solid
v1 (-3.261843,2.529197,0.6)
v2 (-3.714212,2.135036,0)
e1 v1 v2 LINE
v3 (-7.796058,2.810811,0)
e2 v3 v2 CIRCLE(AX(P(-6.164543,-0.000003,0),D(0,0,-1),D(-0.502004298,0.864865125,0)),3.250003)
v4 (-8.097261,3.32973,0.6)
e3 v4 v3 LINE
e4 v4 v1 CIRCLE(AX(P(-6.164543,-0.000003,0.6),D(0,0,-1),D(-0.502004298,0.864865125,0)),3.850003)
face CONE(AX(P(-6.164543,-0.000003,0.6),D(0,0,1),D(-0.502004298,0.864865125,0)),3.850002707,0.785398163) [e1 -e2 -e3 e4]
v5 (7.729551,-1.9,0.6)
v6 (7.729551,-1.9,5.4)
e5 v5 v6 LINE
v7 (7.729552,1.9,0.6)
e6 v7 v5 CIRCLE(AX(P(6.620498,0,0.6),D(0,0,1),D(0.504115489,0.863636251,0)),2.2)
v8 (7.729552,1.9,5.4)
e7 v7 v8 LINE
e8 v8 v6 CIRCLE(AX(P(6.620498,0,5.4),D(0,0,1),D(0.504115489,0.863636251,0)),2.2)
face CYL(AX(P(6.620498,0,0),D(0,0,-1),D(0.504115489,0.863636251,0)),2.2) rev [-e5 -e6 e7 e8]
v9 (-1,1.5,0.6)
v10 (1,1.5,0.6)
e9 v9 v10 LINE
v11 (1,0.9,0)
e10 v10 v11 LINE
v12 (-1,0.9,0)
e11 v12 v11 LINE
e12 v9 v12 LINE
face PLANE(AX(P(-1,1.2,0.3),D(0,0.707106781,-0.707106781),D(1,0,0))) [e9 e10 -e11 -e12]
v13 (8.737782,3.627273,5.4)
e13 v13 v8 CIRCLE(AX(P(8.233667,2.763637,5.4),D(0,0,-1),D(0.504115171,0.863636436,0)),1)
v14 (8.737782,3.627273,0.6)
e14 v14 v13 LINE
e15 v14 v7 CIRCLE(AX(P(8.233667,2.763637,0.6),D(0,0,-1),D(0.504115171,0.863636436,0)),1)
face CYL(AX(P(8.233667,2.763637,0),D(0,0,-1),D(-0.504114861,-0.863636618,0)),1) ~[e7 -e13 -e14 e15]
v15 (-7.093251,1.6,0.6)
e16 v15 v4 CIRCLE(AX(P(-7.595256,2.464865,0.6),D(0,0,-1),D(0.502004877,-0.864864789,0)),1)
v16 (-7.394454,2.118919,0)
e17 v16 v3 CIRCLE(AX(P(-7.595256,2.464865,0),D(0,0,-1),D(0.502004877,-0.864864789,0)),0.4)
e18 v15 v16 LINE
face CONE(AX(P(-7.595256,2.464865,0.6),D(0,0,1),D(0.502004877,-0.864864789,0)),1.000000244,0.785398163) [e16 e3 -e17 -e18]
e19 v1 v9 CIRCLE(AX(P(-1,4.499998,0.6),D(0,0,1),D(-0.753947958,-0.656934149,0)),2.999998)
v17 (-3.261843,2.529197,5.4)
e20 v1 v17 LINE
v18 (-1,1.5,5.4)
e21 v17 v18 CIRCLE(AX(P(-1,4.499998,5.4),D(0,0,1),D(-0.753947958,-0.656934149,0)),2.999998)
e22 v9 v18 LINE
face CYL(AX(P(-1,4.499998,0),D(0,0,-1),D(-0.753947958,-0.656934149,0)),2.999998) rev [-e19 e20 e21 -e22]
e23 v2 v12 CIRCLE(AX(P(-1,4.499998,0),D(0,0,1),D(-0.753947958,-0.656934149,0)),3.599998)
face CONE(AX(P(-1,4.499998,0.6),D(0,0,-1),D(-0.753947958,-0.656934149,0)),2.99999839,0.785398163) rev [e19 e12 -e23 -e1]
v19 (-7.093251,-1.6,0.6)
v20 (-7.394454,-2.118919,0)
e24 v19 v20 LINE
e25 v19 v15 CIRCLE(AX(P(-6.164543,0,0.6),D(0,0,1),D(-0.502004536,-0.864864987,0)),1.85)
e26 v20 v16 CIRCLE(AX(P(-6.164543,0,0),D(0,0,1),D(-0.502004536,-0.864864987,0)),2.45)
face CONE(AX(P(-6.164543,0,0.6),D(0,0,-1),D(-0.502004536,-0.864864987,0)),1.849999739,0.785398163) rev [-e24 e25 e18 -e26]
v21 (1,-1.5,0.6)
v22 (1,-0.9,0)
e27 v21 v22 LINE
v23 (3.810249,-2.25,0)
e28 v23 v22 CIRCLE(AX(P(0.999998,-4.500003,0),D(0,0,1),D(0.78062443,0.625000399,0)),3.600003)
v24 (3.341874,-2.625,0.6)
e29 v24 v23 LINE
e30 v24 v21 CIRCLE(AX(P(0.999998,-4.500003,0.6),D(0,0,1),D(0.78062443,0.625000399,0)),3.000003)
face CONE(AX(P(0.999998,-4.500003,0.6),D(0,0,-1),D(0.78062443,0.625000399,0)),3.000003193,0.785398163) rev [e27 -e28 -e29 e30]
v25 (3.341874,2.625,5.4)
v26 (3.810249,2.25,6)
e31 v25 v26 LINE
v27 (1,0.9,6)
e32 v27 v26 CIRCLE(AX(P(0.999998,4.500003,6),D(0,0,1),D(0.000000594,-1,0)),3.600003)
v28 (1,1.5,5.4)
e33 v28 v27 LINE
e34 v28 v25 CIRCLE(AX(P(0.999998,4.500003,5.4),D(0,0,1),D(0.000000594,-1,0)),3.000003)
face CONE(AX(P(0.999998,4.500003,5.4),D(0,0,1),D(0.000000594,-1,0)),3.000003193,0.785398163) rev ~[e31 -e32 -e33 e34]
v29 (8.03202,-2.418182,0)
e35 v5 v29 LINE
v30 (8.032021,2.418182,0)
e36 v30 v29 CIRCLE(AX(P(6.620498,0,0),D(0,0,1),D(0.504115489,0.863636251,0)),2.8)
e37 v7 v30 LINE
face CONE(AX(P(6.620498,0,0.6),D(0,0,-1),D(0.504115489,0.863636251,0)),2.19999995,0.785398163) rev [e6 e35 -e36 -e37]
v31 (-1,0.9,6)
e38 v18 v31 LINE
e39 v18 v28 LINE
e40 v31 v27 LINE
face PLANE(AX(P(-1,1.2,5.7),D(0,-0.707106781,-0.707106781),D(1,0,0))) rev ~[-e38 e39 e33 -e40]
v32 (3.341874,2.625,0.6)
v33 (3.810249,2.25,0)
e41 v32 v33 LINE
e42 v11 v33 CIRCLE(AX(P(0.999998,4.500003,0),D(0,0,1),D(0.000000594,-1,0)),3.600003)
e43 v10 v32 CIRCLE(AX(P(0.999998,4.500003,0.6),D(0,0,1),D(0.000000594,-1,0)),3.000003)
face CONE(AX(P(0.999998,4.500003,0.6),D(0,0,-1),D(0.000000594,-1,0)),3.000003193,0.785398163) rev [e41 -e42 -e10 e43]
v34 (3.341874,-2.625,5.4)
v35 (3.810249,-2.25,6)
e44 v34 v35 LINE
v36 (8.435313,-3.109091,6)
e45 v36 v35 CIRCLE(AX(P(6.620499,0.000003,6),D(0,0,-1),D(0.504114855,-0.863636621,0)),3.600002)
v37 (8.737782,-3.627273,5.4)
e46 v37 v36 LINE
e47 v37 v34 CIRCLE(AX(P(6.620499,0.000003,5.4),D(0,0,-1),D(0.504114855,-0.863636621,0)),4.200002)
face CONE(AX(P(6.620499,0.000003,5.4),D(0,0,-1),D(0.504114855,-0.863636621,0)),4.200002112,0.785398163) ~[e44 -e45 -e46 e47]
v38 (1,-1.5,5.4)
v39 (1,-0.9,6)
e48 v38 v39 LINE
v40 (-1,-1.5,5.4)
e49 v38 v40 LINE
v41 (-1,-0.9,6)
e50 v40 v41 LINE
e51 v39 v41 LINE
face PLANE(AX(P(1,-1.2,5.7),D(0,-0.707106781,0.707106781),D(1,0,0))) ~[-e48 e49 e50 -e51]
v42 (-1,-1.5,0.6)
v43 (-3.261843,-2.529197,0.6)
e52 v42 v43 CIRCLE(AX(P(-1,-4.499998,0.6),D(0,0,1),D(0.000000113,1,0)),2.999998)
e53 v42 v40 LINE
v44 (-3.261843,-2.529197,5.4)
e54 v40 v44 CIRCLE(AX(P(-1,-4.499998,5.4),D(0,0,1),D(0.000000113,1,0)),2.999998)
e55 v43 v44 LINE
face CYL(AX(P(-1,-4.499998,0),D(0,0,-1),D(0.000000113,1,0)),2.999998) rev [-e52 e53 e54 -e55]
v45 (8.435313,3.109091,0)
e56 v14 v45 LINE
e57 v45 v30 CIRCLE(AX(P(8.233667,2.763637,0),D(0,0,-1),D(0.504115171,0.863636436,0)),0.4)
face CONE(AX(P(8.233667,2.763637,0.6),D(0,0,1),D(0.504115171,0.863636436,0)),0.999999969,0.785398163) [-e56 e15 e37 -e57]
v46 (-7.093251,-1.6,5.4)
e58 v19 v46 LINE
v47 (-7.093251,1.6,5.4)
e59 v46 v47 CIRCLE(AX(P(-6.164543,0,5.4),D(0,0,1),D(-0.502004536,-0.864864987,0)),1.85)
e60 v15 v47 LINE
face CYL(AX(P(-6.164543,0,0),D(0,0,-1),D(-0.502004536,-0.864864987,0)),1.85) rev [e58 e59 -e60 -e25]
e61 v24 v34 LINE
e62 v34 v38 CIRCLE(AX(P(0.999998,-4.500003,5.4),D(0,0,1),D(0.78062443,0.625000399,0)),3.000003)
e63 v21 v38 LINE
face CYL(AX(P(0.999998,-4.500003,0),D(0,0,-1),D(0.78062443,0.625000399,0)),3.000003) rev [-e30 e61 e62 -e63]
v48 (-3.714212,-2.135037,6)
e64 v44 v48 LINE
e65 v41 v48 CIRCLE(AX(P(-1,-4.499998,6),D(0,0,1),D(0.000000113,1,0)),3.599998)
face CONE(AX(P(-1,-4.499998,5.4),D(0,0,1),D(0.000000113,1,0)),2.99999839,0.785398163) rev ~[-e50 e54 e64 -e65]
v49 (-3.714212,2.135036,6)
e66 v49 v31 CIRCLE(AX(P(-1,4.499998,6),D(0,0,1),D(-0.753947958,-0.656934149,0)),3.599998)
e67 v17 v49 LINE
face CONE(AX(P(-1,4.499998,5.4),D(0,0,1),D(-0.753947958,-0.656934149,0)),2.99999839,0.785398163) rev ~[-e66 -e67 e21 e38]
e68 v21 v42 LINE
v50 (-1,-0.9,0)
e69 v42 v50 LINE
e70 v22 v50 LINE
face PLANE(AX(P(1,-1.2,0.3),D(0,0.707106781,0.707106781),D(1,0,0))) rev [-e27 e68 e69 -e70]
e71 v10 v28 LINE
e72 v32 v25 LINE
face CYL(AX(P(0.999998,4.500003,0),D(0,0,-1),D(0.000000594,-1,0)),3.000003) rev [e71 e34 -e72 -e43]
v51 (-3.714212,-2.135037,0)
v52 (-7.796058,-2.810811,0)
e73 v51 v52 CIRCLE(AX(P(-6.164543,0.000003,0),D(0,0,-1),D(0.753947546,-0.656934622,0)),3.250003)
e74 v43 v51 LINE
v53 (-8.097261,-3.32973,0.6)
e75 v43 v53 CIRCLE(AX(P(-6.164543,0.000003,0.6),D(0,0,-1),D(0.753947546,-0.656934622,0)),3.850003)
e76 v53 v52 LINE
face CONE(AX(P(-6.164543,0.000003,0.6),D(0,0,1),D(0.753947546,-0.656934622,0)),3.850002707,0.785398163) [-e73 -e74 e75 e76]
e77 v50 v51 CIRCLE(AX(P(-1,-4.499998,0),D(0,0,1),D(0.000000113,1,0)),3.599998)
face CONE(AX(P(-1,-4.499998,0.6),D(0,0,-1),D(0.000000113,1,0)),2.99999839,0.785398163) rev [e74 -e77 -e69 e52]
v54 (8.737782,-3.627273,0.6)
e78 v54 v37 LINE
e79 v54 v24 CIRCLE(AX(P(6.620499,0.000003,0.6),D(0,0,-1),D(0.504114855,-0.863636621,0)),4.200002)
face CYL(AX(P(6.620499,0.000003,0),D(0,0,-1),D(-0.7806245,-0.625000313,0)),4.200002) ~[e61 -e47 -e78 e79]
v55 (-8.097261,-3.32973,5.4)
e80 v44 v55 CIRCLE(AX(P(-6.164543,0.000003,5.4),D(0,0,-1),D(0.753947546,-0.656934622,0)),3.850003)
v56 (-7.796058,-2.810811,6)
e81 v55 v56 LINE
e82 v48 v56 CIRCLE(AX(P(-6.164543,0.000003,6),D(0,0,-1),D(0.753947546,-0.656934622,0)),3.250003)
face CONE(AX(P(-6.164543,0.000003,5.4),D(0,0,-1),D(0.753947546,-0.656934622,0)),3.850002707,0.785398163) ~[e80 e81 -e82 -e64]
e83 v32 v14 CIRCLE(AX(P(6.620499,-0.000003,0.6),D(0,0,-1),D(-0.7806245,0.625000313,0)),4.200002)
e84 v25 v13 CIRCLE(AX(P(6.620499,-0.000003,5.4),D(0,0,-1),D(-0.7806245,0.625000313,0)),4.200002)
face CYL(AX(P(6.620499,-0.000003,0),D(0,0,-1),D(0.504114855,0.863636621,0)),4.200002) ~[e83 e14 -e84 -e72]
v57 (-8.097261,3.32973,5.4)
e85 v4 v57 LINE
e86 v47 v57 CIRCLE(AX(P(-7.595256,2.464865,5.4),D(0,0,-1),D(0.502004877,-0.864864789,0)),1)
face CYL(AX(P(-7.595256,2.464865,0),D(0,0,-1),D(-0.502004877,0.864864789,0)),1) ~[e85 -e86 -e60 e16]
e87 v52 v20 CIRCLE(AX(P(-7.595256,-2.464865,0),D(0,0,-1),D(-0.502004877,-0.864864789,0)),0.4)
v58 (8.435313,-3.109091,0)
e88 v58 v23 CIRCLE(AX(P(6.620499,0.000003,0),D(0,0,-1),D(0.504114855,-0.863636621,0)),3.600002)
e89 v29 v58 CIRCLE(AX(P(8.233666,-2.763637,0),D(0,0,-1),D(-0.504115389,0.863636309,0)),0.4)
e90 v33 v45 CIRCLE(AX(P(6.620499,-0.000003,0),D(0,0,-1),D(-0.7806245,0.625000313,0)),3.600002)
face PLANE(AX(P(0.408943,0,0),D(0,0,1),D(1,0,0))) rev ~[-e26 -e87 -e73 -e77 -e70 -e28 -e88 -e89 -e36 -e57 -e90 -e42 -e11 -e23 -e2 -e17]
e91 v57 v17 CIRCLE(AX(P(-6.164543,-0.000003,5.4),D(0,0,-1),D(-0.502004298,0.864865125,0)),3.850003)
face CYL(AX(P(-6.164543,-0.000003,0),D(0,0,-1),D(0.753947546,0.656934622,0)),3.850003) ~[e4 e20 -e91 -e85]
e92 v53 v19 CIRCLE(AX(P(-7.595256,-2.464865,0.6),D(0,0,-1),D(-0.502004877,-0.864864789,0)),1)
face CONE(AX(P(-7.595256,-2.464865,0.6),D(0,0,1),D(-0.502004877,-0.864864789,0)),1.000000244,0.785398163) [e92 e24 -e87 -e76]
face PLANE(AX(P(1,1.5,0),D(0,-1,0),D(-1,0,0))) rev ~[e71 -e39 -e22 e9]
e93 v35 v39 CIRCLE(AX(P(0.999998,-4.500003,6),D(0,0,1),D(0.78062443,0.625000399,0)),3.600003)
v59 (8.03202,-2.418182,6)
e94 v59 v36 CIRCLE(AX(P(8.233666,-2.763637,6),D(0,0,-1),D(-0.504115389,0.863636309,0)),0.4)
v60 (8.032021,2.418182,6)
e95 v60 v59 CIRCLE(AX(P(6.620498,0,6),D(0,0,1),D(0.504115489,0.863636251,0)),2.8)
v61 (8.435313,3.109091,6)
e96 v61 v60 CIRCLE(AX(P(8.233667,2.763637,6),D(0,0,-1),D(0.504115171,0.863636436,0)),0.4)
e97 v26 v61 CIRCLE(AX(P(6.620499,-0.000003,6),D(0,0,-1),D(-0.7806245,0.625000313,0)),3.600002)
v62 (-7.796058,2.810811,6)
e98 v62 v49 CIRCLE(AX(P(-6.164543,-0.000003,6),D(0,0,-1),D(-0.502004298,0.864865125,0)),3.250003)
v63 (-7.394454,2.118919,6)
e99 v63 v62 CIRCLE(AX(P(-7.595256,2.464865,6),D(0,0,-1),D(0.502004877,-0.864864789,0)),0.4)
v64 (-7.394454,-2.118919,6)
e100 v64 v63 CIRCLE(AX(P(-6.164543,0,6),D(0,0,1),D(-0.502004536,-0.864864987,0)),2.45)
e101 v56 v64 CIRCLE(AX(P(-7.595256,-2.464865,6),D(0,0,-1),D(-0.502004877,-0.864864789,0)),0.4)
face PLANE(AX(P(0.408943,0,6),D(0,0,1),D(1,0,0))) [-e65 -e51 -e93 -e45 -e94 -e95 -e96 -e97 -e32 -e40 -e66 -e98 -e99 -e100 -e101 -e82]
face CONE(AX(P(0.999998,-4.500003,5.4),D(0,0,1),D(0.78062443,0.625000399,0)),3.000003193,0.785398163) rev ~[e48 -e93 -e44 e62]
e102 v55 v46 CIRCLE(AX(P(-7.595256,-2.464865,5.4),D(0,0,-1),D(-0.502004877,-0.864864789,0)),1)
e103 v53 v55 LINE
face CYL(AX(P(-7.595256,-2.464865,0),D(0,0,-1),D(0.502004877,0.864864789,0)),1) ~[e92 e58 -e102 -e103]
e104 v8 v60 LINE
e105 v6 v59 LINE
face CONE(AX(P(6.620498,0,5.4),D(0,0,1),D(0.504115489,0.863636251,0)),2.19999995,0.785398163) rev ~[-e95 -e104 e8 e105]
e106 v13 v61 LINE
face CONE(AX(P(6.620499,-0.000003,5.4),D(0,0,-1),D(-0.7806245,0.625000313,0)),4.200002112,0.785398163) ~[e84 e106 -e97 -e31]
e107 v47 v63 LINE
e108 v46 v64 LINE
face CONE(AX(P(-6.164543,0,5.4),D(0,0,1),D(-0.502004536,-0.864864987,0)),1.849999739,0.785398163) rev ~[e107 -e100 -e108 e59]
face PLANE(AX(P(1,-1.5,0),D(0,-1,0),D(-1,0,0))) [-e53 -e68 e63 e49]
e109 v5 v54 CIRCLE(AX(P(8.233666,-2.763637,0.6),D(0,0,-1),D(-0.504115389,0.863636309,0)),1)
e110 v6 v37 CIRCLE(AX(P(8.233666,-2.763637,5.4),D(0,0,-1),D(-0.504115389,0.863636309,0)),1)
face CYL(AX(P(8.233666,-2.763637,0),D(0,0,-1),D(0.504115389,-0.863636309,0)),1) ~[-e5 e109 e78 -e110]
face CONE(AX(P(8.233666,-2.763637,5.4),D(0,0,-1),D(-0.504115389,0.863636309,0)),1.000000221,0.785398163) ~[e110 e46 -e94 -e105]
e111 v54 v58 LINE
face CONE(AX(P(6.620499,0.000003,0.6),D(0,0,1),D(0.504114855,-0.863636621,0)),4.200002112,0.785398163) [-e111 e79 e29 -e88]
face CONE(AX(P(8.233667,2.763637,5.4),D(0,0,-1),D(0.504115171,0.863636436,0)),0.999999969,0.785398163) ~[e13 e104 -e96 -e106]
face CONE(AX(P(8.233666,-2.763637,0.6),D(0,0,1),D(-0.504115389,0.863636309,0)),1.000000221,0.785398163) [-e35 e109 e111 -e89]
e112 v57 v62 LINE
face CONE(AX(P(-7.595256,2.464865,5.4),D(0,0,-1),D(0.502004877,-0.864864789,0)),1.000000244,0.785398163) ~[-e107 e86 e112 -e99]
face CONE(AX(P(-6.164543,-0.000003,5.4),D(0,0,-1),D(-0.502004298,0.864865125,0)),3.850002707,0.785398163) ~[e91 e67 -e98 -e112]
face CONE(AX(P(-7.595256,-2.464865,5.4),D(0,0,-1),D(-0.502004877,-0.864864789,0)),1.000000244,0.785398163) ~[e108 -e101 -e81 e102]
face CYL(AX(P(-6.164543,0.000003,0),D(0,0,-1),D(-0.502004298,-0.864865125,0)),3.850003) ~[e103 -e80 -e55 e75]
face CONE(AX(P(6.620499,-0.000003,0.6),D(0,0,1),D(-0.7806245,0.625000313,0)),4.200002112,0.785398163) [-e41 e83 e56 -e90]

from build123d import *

# Parameters (mm, degrees)
PAD_DEPTH    = 6
CHAMFER_SIZE = 0.6


with BuildPart() as part:
    # Sketch → Pad (new body)
    with BuildSketch(Plane.XY):
        with BuildLine():
            ThreePointArc((7.729552, 1.9), (9.097303, 2.259521), (8.737782, 3.627273))
            ThreePointArc((8.737782, 3.627273), (5.853481, 4.129368), (3.341874, 2.625))
            ThreePointArc((1, 1.5), (2.299038, 1.795837), (3.341874, 2.625))
            Line((1, 1.5), (-1, 1.5))
            ThreePointArc((-3.261843, 2.529197), (-2.242496, 1.769395), (-1, 1.5))
            ThreePointArc((-3.261843, 2.529197), (-5.535711, 3.798298), (-8.097261, 3.32973))
            ThreePointArc((-8.097261, 3.32973), (-8.460121, 1.96286), (-7.093251, 1.6))
            ThreePointArc((-7.093251, -1.6), (-4.314543, 0), (-7.093251, 1.6))
            ThreePointArc((-7.093251, -1.6), (-8.460121, -1.96286), (-8.097261, -3.32973))
            ThreePointArc((-8.097261, -3.32973), (-5.535711, -3.798298), (-3.261843, -2.529197))
            ThreePointArc((-1, -1.5), (-2.242496, -1.769395), (-3.261843, -2.529197))
            Line((1, -1.5), (-1, -1.5))
            ThreePointArc((3.341874, -2.625), (2.299038, -1.795837), (1, -1.5))
            ThreePointArc((3.341874, -2.625), (5.853481, -4.129368), (8.737782, -3.627273))
            ThreePointArc((8.737782, -3.627273), (9.097303, -2.259521), (7.729551, -1.9))
            ThreePointArc((7.729552, 1.9), (4.420498, 0), (7.729551, -1.9))
        make_face()
    extrude(amount=PAD_DEPTH)

    # Chamfer
    chamfer_edges = [part.edges().sort_by_distance(p)[0] for p in [
        (0, -1.5, 6),
        (0, -1.5, 0),
    ]]
    chamfer(chamfer_edges, length=CHAMFER_SIZE)


solid = part.part
